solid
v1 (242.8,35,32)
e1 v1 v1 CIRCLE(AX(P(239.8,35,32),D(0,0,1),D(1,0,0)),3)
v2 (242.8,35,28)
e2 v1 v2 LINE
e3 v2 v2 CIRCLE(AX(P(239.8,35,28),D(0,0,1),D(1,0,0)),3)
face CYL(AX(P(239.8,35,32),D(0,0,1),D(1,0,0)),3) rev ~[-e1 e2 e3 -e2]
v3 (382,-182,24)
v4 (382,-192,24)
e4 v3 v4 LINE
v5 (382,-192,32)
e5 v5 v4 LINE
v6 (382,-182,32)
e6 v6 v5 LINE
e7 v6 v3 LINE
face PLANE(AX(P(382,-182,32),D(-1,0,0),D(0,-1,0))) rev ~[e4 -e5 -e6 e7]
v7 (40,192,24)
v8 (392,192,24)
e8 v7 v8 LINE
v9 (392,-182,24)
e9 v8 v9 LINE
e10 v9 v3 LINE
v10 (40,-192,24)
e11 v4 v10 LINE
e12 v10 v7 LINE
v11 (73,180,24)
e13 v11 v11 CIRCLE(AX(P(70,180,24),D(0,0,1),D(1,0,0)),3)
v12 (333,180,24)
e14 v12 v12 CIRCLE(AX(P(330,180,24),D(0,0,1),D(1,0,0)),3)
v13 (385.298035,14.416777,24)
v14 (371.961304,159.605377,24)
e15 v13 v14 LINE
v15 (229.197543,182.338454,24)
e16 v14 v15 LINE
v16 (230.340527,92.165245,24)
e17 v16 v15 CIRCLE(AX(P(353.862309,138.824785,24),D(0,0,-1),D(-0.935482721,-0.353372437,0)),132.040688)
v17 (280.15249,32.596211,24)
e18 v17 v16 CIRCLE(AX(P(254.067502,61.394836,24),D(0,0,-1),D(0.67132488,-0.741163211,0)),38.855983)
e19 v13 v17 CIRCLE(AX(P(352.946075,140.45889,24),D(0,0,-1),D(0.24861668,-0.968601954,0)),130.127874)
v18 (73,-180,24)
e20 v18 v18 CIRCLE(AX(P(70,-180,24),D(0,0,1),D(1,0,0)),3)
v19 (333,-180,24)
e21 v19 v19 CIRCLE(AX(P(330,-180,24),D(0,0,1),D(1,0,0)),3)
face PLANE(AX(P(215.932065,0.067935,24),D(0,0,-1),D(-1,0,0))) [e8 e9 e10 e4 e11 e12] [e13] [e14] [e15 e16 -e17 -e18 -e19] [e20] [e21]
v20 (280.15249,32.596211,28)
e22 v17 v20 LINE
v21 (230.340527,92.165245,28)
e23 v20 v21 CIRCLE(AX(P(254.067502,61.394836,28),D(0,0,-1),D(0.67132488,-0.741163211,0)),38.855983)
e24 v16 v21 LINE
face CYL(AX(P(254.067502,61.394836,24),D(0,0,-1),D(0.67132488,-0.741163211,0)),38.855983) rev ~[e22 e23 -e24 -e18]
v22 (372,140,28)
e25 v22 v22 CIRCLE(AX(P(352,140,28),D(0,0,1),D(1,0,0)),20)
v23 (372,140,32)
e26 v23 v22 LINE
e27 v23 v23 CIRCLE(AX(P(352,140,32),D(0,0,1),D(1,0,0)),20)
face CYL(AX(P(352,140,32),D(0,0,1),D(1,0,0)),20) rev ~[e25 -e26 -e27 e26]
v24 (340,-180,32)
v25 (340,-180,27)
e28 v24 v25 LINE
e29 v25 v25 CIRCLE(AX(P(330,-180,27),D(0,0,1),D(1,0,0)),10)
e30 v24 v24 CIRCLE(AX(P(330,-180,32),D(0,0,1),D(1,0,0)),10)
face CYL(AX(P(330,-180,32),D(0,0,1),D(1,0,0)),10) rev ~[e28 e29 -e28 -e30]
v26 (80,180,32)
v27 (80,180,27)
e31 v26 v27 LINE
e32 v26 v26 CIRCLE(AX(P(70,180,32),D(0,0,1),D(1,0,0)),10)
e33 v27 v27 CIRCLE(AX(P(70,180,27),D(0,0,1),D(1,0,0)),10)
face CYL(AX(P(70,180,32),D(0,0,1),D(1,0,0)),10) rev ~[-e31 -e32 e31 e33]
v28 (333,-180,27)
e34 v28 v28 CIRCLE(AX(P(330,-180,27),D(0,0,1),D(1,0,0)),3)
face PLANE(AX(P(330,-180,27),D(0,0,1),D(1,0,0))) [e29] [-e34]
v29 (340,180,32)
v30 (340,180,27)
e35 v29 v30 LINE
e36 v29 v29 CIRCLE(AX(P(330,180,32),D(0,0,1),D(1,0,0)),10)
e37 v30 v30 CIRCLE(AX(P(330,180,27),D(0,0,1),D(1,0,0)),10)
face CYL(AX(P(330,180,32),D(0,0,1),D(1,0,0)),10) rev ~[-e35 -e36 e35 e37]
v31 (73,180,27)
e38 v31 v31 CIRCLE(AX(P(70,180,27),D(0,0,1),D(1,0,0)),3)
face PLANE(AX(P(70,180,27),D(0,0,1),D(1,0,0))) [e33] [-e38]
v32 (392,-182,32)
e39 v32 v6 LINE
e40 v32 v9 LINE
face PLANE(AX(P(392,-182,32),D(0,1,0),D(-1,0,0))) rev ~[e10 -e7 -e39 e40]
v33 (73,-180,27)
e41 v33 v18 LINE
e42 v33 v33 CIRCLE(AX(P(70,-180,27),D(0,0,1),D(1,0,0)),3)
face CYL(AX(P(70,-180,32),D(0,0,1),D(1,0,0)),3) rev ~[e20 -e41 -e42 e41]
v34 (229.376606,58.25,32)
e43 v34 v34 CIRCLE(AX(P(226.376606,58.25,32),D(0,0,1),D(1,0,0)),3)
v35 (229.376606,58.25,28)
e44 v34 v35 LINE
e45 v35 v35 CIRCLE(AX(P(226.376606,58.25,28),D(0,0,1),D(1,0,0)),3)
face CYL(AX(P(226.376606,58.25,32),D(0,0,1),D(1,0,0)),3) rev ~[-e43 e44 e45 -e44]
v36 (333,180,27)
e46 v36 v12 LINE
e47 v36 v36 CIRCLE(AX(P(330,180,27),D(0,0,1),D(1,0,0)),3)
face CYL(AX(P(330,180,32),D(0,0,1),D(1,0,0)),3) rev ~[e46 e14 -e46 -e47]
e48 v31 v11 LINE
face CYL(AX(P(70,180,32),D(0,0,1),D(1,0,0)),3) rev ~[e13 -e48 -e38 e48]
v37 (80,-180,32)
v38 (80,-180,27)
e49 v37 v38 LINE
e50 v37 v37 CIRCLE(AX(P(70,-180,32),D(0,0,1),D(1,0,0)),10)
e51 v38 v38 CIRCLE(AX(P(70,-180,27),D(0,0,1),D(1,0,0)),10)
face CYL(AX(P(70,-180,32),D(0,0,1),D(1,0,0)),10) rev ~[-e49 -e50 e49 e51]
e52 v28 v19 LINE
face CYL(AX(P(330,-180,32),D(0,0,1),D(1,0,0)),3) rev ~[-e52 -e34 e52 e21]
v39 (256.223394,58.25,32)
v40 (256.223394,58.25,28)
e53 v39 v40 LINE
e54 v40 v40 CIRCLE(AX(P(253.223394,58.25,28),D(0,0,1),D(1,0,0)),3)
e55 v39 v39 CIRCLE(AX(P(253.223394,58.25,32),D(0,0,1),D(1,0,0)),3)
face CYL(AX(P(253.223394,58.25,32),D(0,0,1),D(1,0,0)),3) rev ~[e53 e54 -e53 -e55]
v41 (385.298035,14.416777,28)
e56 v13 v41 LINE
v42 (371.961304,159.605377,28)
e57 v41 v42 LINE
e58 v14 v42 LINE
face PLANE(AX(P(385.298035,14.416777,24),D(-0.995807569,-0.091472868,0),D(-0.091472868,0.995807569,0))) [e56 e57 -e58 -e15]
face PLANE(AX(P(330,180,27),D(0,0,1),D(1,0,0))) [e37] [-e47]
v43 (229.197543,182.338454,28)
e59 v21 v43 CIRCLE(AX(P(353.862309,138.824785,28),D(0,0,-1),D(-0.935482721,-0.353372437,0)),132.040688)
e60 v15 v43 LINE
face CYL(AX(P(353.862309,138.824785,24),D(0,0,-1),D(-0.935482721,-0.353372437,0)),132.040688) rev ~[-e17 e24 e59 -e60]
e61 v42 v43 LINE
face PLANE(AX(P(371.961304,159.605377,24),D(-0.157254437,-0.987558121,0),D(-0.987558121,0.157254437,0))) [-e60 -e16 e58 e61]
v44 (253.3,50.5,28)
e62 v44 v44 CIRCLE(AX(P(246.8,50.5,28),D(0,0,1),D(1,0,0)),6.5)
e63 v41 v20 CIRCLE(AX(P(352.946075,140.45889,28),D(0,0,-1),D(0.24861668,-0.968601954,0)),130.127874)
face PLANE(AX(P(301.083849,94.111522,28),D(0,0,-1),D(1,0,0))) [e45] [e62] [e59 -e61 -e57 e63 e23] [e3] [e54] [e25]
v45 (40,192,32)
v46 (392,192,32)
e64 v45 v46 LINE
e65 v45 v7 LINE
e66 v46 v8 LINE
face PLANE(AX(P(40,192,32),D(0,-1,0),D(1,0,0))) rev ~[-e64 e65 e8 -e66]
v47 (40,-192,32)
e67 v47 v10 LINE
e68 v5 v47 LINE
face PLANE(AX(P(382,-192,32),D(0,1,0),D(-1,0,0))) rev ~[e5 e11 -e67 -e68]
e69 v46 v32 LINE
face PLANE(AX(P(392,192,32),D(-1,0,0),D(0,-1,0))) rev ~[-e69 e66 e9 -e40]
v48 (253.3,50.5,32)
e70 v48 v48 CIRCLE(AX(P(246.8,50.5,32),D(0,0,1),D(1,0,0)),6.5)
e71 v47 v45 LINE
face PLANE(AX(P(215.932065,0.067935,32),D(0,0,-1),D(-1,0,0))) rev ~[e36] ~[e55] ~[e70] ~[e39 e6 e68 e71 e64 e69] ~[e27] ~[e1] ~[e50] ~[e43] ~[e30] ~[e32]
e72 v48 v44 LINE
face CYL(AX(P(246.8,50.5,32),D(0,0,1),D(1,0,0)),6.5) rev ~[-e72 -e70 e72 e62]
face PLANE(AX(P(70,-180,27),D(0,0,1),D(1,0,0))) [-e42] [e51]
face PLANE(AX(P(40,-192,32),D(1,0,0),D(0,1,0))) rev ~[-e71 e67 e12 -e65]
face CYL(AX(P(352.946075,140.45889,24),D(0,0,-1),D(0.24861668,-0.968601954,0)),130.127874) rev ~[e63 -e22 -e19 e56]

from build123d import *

# Parameters (mm, degrees)
SKETCH_R        = 6.5
SKETCH_R_2      = 3
SKETCH_R_3      = 20
PAD014_DEPTH    = 8
SKETCH029_R     = 10
POCKET004_DEPTH = 5
POCKET008_DEPTH = 4


with BuildPart() as part:
    # Sketch → Pad014 (new body)
    with BuildSketch(Plane.XY.offset(32)):
        Polygon((40, 192), (392, 192), (392, -182), (382, -182), (382, -192), (40, -192), align=None)
        with Locations((246.8, 50.5)):
            Circle(SKETCH_R, mode=Mode.SUBTRACT)
        with Locations((239.8, 35)):
            Circle(SKETCH_R_2, mode=Mode.SUBTRACT)
        with Locations((226.376606, 58.25)):
            Circle(SKETCH_R_2, mode=Mode.SUBTRACT)
        with Locations((253.223394, 58.25)):
            Circle(SKETCH_R_2, mode=Mode.SUBTRACT)
        with Locations((70, 180)):
            Circle(SKETCH_R_2, mode=Mode.SUBTRACT)
        with Locations((330, 180)):
            Circle(SKETCH_R_2, mode=Mode.SUBTRACT)
        with Locations((70, -180)):
            Circle(SKETCH_R_2, mode=Mode.SUBTRACT)
        with Locations((330, -180)):
            Circle(SKETCH_R_2, mode=Mode.SUBTRACT)
        with Locations((352, 140)):
            Circle(SKETCH_R_3, mode=Mode.SUBTRACT)
    extrude(amount=-PAD014_DEPTH)

    # Sketch029 → Pocket004 (cut)
    with BuildSketch(Plane.XY.offset(32)):
        with Locations((70, 180)):
            Circle(SKETCH029_R)
        with Locations((330, 180)):
            Circle(SKETCH029_R)
        with Locations((330, -180)):
            Circle(SKETCH029_R)
        with Locations((70, -180)):
            Circle(SKETCH029_R)
    extrude(amount=-POCKET004_DEPTH, mode=Mode.SUBTRACT)

    # Sketch037 → Pocket008 (cut)
    with BuildSketch(Plane(origin=(0, 0, 24), x_dir=(1, 0, 0), z_dir=(0, 0, -1))):
        with BuildLine():
            ThreePointArc((230.340527, -92.165245), (221.832227, -137.151247), (229.197543, -182.338454))
            Line((371.961304, -159.605377), (229.197543, -182.338454))
            Line((385.298035, -14.416777), (371.961304, -159.605377))
            ThreePointArc((385.298035, -14.416777), (330.776181, -12.233466), (280.15249, -32.596211))
            ThreePointArc((280.15249, -32.596211), (224.259659, -36.469349), (230.340527, -92.165245))
        make_face()
    extrude(amount=-POCKET008_DEPTH, mode=Mode.SUBTRACT)


solid = part.part
